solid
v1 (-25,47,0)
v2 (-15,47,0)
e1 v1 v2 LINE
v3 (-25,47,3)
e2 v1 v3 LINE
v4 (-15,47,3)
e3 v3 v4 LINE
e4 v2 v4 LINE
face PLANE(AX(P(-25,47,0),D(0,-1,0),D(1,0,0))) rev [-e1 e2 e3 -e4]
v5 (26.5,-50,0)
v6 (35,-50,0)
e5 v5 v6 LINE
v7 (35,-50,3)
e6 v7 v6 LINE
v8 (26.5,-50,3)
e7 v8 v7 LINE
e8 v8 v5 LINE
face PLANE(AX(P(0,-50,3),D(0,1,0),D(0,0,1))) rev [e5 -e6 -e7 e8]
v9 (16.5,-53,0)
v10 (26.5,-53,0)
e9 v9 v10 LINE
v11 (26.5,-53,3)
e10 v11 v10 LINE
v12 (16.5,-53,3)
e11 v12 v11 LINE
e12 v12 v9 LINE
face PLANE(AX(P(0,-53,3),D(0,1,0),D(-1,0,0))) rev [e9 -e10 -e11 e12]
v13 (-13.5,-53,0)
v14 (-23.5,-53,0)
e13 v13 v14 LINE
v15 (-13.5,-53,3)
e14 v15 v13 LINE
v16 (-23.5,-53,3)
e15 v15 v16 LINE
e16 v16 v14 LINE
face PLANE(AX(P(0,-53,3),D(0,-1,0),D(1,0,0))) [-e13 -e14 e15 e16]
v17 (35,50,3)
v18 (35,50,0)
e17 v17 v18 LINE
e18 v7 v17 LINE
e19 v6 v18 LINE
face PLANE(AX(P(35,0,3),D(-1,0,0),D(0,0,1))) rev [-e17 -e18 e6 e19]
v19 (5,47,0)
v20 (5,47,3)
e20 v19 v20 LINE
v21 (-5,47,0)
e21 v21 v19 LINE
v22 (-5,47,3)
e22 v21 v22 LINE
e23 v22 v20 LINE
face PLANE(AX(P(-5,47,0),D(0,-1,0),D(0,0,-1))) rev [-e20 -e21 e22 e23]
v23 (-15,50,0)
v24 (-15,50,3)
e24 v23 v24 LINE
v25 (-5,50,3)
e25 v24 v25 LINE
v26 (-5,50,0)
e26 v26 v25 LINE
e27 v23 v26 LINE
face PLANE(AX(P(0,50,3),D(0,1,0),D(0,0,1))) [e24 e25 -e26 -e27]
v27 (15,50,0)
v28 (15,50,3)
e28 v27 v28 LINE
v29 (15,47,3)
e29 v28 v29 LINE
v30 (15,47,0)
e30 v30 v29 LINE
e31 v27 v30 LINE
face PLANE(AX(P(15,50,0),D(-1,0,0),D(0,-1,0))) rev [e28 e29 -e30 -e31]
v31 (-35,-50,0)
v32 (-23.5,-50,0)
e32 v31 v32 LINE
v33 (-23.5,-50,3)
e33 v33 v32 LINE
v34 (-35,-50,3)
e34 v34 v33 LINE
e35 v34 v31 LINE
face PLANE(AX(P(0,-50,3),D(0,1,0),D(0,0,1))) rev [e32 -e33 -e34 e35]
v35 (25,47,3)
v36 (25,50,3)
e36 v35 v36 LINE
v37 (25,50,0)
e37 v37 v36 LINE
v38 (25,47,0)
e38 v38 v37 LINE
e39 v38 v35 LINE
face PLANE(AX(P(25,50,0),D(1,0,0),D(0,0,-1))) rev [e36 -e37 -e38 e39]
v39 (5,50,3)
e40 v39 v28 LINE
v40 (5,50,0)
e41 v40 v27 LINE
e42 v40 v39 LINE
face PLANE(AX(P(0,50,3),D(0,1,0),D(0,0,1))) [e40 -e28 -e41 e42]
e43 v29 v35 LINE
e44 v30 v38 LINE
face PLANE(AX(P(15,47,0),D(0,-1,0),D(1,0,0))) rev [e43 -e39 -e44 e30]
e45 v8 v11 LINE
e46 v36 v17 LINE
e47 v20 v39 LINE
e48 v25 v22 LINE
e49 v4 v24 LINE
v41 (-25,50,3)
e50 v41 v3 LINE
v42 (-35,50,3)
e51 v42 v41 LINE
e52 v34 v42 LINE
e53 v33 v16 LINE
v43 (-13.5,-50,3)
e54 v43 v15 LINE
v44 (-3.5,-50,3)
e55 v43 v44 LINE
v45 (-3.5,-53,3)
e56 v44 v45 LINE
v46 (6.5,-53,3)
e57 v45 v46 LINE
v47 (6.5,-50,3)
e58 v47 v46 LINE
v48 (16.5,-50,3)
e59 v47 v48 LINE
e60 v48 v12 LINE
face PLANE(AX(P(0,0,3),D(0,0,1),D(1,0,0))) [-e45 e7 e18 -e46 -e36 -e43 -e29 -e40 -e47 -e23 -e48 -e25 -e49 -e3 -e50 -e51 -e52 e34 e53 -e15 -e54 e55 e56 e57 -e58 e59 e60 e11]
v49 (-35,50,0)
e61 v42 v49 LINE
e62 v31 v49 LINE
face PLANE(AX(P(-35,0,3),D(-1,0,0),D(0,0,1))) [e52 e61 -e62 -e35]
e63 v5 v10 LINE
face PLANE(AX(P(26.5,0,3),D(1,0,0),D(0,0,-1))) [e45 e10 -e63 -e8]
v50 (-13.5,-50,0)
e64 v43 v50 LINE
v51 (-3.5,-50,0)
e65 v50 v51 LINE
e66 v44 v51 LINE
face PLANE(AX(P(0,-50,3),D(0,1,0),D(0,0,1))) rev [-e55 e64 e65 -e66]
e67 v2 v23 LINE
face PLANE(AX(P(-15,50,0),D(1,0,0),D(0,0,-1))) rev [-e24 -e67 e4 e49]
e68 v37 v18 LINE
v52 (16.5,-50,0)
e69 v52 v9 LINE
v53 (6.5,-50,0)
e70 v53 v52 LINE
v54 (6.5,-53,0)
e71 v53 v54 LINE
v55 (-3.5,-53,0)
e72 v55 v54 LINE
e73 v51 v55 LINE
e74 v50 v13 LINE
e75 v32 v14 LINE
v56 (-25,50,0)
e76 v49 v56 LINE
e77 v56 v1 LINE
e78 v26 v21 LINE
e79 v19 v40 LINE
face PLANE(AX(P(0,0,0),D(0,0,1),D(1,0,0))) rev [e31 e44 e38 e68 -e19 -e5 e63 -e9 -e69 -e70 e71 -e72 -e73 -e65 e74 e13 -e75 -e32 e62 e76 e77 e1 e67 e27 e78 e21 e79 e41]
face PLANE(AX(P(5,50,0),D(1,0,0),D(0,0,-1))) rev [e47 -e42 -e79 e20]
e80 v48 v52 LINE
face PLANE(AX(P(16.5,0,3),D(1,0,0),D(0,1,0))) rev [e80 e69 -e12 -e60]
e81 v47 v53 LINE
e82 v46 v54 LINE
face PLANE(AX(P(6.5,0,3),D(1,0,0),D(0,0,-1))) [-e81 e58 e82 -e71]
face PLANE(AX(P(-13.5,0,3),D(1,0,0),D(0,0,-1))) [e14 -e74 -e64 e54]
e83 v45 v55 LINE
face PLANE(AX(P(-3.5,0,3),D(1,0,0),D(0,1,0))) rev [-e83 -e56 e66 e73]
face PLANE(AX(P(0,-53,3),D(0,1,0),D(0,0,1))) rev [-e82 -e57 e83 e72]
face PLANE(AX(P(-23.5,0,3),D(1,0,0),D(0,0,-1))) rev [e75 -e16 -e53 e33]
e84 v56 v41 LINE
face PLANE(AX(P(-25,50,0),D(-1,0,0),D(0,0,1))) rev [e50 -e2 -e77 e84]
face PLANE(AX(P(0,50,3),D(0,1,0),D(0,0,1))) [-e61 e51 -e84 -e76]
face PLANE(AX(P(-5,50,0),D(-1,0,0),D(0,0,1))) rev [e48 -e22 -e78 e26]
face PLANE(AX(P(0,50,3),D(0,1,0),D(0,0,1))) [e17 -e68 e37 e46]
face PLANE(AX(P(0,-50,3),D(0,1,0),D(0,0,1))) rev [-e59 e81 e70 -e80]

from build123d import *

# Parameters (mm, degrees)
SKETCH1_W           = 70
SKETCH1_H           = 100
SKETCH1_W_2         = 10
SKETCH1_H_2         = 3
BOSS_EXTRUDE1_DEPTH = 3
SKETCH2_W           = 10
SKETCH2_H           = 3
CUT_EXTRUDE1_DEPTH  = 64.584589328


with BuildPart() as part:
    # Sketch1 → Boss-Extrude1 (new body)
    with BuildSketch(Plane.XY):
        Rectangle(SKETCH1_W, SKETCH1_H)
        with Locations((21.5, -51.5)):
            Rectangle(SKETCH1_W_2, SKETCH1_H_2)
        with Locations((1.5, -51.5)):
            Rectangle(SKETCH1_W_2, SKETCH1_H_2)
        with Locations((-18.5, -51.5)):
            Rectangle(SKETCH1_W_2, SKETCH1_H_2)
    extrude(amount=BOSS_EXTRUDE1_DEPTH)

    # Sketch2 → Cut-Extrude1 (cut, through all)
    with BuildSketch(Plane.XY.offset(3)):
        with Locations((-20, 48.5)):
            Rectangle(SKETCH2_W, SKETCH2_H)
        with Locations((0, 48.5)):
            Rectangle(SKETCH2_W, SKETCH2_H)
        with Locations((20, 48.5)):
            Rectangle(SKETCH2_W, SKETCH2_H)
    extrude(amount=-CUT_EXTRUDE1_DEPTH, mode=Mode.SUBTRACT)


solid = part.part
